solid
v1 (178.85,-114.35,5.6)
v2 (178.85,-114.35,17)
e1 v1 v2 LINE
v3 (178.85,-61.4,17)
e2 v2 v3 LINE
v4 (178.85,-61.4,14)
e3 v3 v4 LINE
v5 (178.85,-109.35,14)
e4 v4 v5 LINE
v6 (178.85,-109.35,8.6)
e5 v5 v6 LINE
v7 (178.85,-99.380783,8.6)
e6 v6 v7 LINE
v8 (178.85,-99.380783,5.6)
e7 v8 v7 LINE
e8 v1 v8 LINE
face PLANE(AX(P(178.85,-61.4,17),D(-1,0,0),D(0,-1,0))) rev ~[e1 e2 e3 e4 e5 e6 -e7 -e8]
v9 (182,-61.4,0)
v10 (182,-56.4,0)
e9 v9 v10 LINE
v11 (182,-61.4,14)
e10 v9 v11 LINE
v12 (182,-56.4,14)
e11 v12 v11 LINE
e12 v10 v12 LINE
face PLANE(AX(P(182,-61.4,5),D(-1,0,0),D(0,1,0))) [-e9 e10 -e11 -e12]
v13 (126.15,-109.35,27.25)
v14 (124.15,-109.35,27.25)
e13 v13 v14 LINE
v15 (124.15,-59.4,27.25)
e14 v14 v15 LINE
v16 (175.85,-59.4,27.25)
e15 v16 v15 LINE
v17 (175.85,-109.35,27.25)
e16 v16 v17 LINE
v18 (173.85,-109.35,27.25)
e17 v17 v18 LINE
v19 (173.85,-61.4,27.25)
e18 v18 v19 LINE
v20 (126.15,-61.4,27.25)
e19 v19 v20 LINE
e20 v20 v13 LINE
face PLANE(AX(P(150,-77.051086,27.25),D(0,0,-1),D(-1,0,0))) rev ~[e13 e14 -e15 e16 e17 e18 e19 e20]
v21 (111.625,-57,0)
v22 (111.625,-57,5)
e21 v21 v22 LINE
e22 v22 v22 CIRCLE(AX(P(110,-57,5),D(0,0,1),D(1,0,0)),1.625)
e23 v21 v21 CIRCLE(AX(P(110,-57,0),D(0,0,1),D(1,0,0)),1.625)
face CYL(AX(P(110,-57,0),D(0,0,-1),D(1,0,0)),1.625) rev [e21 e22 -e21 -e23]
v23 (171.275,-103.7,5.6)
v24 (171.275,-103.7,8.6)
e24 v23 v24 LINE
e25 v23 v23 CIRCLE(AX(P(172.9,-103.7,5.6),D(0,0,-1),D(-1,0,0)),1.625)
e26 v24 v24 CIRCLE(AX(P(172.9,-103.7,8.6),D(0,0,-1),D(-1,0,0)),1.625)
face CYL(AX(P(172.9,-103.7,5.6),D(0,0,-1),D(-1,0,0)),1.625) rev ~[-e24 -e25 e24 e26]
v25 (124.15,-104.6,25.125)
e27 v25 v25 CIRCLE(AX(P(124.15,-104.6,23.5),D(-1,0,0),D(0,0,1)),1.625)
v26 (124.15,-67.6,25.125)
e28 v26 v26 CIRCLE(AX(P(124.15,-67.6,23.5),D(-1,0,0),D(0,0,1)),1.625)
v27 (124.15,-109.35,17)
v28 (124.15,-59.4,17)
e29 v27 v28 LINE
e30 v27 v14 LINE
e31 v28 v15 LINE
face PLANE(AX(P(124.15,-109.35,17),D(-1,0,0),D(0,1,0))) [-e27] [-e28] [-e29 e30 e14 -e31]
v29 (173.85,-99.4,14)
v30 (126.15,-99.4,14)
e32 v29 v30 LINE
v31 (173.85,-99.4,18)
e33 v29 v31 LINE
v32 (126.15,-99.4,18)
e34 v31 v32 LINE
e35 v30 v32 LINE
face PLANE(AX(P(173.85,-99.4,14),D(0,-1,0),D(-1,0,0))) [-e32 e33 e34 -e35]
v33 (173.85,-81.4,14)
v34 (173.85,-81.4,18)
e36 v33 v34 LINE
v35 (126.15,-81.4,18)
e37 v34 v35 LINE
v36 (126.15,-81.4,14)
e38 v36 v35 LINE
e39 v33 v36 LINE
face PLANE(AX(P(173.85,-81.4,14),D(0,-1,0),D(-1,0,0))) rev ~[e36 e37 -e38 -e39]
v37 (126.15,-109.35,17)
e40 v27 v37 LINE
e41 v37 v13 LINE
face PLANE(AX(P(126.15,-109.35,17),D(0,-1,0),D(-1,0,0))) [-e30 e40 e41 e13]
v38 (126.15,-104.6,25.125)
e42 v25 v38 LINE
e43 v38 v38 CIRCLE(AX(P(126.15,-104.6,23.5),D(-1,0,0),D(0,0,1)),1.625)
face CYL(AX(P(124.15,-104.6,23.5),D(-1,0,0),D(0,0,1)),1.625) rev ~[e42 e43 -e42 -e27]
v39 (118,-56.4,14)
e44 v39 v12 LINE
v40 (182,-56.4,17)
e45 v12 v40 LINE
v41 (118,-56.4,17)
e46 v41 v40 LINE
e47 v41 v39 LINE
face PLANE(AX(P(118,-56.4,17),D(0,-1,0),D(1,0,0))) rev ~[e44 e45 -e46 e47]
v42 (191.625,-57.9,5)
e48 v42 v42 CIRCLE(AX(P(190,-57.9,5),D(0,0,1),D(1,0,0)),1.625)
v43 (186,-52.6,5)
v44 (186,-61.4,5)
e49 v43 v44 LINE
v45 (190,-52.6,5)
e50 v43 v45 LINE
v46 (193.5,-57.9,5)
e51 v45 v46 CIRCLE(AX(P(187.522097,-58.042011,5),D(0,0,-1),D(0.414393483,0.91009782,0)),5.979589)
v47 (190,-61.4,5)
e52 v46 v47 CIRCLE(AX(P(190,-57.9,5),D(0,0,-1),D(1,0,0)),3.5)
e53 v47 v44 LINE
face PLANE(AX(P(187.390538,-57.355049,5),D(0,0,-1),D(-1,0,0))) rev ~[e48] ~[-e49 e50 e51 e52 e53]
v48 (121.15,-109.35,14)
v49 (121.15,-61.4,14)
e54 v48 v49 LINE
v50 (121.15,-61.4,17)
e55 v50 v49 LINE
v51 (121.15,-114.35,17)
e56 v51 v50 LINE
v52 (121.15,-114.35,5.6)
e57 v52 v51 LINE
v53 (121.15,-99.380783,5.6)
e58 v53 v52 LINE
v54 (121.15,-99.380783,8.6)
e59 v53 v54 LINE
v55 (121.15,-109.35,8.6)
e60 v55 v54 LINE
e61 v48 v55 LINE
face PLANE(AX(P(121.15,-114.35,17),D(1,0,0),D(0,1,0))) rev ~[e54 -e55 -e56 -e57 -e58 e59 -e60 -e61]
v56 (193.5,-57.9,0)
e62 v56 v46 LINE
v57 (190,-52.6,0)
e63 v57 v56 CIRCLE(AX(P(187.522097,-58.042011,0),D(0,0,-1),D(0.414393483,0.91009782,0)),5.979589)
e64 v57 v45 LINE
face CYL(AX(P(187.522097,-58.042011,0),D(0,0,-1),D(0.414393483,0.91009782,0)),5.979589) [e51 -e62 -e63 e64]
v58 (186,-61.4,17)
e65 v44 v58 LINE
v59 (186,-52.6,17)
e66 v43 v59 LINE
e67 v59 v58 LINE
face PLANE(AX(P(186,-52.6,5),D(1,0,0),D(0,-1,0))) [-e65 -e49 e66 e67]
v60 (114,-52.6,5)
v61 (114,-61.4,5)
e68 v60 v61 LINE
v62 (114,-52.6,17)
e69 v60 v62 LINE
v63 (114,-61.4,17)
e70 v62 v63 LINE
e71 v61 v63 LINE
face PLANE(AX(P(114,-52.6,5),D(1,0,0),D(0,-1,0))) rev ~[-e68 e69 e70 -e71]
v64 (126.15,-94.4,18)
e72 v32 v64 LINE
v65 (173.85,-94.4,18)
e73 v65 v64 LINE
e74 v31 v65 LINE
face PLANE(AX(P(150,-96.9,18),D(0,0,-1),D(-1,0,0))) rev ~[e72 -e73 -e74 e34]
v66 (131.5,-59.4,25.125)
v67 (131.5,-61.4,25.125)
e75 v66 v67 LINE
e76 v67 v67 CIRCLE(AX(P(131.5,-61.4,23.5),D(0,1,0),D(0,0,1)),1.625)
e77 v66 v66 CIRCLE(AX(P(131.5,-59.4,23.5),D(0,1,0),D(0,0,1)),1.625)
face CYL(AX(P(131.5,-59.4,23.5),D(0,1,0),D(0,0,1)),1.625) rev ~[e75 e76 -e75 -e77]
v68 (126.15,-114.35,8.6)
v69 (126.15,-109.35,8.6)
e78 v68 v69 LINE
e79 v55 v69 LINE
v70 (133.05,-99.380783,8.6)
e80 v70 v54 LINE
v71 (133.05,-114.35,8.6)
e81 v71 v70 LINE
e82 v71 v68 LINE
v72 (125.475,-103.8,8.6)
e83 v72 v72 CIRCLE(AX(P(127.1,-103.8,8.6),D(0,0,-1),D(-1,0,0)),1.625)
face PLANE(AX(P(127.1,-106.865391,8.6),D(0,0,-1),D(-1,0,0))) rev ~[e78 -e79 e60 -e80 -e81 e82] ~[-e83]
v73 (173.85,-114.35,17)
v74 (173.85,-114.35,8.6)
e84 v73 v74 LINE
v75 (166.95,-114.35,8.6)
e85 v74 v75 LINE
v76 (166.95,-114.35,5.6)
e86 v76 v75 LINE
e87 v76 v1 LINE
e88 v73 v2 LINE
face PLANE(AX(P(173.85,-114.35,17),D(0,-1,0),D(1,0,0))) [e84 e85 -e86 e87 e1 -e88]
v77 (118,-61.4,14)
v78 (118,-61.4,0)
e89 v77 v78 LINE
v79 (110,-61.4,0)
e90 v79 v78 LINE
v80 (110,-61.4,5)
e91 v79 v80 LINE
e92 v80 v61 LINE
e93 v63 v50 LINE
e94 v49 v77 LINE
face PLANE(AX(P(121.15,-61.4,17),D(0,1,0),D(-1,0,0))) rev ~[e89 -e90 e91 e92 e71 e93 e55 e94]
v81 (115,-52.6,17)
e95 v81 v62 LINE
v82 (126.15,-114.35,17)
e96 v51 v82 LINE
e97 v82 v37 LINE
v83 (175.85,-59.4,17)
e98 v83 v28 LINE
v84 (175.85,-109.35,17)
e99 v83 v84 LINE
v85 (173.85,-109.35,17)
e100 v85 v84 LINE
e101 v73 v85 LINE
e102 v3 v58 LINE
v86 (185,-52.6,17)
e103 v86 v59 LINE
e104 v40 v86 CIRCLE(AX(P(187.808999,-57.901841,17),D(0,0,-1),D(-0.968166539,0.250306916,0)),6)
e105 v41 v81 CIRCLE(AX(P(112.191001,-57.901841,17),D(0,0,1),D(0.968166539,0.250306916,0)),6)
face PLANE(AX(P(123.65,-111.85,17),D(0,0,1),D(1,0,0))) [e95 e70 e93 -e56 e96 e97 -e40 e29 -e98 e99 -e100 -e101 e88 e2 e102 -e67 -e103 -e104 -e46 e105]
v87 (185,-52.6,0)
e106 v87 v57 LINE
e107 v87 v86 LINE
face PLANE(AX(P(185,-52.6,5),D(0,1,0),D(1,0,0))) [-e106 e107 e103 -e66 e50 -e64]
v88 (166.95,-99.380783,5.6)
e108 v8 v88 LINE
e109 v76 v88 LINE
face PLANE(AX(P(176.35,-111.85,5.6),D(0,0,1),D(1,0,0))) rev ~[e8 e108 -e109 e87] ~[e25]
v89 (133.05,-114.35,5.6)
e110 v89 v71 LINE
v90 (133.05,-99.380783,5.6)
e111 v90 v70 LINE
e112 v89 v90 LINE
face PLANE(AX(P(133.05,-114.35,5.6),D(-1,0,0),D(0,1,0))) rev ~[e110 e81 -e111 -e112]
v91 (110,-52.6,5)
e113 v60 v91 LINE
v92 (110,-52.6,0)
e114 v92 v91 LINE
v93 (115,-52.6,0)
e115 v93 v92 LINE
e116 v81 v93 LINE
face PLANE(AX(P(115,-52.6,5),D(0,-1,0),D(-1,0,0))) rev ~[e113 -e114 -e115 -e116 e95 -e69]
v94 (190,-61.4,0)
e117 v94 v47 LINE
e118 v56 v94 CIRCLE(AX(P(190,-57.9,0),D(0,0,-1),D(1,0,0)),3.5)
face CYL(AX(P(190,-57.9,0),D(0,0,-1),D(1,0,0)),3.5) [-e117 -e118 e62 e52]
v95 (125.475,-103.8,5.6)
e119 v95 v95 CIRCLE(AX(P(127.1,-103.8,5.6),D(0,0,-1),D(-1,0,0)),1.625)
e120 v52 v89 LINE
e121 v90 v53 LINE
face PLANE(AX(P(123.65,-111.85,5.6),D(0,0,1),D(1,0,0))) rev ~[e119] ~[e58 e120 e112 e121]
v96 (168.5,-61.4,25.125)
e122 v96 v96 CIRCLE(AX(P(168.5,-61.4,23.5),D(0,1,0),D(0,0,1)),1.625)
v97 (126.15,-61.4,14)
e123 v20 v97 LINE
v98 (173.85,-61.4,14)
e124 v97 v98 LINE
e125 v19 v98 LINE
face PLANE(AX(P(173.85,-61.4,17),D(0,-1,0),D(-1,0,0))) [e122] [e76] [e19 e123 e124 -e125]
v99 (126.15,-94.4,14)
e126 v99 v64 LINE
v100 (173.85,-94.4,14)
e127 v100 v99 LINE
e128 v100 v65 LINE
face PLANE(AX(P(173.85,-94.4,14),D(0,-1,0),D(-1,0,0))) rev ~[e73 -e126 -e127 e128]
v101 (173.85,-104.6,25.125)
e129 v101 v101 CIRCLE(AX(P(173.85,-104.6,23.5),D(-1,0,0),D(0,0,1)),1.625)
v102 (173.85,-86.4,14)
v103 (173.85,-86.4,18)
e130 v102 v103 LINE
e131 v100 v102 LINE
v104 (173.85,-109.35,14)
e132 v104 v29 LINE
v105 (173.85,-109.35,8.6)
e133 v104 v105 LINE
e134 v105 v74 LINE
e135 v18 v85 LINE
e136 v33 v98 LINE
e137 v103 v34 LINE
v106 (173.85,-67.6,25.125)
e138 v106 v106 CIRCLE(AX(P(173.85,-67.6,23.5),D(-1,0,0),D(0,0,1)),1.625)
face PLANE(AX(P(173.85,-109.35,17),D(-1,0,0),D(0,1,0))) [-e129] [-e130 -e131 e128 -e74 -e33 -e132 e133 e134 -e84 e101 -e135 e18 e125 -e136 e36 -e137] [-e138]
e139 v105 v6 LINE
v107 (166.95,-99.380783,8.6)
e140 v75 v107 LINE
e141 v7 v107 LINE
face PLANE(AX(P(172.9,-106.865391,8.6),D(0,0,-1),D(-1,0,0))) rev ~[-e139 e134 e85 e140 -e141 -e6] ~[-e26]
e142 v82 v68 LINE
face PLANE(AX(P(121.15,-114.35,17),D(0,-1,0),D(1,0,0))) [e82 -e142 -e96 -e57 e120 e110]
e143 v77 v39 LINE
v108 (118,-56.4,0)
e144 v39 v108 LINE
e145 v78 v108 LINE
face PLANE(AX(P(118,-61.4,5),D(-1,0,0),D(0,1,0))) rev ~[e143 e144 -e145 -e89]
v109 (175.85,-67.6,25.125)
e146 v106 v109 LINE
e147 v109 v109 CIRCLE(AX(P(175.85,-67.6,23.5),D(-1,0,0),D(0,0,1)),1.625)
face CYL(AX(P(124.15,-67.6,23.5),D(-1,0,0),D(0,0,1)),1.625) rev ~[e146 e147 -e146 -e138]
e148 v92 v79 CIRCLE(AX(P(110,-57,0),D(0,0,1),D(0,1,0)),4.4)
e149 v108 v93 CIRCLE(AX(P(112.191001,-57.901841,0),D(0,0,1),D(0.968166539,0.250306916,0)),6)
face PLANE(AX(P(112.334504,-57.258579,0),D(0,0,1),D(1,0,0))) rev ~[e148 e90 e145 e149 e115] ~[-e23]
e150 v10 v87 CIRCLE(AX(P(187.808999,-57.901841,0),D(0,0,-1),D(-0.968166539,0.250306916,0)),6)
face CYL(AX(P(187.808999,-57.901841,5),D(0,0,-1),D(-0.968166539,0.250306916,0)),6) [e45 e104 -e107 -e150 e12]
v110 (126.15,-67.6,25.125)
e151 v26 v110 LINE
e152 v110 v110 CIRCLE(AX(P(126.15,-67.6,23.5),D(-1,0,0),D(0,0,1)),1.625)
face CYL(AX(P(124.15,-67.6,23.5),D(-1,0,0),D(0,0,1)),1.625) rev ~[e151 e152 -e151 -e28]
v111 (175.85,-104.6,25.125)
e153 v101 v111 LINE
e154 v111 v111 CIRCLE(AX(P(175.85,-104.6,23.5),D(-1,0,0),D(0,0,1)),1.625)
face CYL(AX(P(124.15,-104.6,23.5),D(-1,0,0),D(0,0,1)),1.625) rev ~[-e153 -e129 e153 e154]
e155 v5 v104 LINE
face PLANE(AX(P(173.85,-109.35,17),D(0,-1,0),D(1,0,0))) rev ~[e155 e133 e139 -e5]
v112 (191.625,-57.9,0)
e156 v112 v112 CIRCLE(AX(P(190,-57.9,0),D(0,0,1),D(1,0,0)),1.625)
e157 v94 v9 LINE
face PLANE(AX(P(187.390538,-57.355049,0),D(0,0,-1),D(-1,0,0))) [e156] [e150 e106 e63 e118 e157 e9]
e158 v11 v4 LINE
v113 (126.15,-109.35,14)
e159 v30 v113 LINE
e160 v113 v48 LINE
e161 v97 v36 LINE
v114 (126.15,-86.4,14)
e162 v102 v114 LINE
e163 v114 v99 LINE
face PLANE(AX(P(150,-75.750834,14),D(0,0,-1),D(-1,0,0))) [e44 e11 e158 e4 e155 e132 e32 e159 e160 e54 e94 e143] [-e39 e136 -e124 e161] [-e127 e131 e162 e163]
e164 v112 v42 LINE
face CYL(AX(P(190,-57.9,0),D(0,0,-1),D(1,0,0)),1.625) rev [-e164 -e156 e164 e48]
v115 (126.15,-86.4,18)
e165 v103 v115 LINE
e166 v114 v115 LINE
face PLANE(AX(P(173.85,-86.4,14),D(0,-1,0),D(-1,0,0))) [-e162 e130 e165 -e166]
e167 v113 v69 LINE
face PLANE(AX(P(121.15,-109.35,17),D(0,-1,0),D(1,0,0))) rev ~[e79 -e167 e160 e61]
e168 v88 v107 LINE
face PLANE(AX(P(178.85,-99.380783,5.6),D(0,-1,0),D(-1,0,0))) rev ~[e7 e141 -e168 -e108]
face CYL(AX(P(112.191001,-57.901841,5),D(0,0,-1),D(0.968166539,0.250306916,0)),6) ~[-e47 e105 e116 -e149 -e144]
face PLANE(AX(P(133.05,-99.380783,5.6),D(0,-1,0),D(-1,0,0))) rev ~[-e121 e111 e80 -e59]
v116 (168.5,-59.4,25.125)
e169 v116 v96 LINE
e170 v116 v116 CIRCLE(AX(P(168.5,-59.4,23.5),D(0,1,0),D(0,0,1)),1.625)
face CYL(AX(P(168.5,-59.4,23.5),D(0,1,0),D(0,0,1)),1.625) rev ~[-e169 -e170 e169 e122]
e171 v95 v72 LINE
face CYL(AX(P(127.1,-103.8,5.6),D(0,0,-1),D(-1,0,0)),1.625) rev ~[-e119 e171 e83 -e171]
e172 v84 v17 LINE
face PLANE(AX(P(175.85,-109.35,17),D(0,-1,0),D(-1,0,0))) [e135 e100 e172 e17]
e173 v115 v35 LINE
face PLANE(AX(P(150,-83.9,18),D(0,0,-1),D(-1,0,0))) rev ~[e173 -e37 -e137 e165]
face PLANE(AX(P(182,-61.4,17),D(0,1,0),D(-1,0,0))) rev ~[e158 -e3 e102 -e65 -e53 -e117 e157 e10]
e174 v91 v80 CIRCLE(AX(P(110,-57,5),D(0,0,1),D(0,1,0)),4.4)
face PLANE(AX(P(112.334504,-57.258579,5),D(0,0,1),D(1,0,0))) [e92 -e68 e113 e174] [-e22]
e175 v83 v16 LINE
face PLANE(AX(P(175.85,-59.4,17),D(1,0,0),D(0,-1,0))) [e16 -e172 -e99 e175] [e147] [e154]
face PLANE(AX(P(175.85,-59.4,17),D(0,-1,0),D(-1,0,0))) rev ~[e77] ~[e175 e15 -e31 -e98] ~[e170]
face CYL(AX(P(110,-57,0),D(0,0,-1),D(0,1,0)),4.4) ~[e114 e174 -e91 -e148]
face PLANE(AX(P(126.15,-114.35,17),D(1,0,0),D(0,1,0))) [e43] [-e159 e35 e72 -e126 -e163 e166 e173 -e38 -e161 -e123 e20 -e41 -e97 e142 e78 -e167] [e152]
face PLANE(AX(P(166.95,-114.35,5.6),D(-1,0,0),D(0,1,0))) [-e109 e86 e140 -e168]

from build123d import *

# Parameters (mm, degrees)
CROQUIS1_R                = 1.625
SALIENTE_EXTRUIR1_DEPTH   = 5
SALIENTE_EXTRUIR1_2_DEPTH = 5
SALIENTE_EXTRUIR2_DEPTH   = 12
SALIENTE_EXTRUIR4_DEPTH   = 3
SALIENTE_EXTRUIR6_DEPTH   = 10.25
CROQUIS12_R               = 1.625
CORTAR_EXTRUIR1_DEPTH     = 51.7
CROQUIS13_R               = 1.625
CORTAR_EXTRUIR2_DEPTH     = 2
CROQUIS14_W               = 5
CROQUIS14_H               = 5
SALIENTE_EXTRUIR7_DEPTH   = 11.4
CROQUIS15_W               = 11.9
CROQUIS15_H               = 14.969217292
CROQUIS15_R               = 1.625
SALIENTE_EXTRUIR8_DEPTH   = 3
CROQUIS16_W               = 47.7
CROQUIS16_H               = 5
SALIENTE_EXTRUIR9_DEPTH   = 4


with BuildPart() as part:
    # Croquis1 → Saliente-Extruir1 (new body)
    with BuildSketch(Plane.XY):
        with BuildLine():
            Line((190, -61.4), (182, -61.4))
            Line((182, -61.4), (182, -56.4))
            ThreePointArc((182, -56.4), (183.099702641, -54.183975769), (185, -52.6))
            Line((185, -52.6), (190, -52.6))
            ThreePointArc((190, -52.6), (192.511852896, -54.746889597), (193.5, -57.9))
            ThreePointArc((193.5, -57.9), (192.474873734, -60.374873734), (190, -61.4))
        make_face()
        with Locations((190, -57.9)):
            Circle(CROQUIS1_R, mode=Mode.SUBTRACT)
    extrude(amount=SALIENTE_EXTRUIR1_DEPTH)



with BuildPart() as body_2:
    # Croquis1 → Saliente-Extruir1 2 (new body)
    with BuildSketch(Plane.XY):
        with BuildLine():
            Line((115, -52.6), (110, -52.6))
            ThreePointArc((110, -52.6), (105.6, -57), (110, -61.4))
            Line((110, -61.4), (118, -61.4))
            Line((118, -61.4), (118, -56.4))
            ThreePointArc((118, -56.4), (116.900297359, -54.183975769), (115, -52.6))
        make_face()
        with Locations((110, -57)):
            Circle(CROQUIS1_R, mode=Mode.SUBTRACT)
    extrude(amount=SALIENTE_EXTRUIR1_2_DEPTH)


with BuildPart() as part_1:
    add(part.part)

    add(body_2.part)  # Saliente-Extruir2 merges body 2
    # Croquis4 → Saliente-Extruir2 (add)
    with BuildSketch(Plane.XY.offset(5)):
        with BuildLine():
            Line((115, -52.6), (114, -52.6))
            Line((114, -52.6), (114, -61.4))
            Line((114, -61.4), (118, -61.4))
            Line((118, -61.4), (118, -56.4))
            ThreePointArc((118, -56.4), (116.900297359, -54.183975769), (115, -52.6))
        make_face()
        with BuildLine():
            Line((185, -52.6), (186, -52.6))
            Line((186, -52.6), (186, -61.4))
            Line((186, -61.4), (182, -61.4))
            Line((182, -61.4), (182, -56.4))
            ThreePointArc((182, -56.4), (183.099702641, -54.183975769), (185, -52.6))
        make_face()
    extrude(amount=SALIENTE_EXTRUIR2_DEPTH)

    # Croquis7 → Saliente-Extruir4 (add)
    with BuildSketch(Plane.XY.offset(17)):
        Polygon((118, -56.4), (182, -56.4), (182, -61.4), (178.85, -61.4), (178.85, -109.35), (173.85, -109.35), (173.85, -61.4), (170.85, -61.4), (129.15, -61.4), (126.15, -61.4), (126.15, -109.35), (121.15, -109.35), (121.15, -61.4), (118, -61.4), align=None)
    extrude(amount=-SALIENTE_EXTRUIR4_DEPTH)

    # Croquis10 → Saliente-Extruir6 (add)
    with BuildSketch(Plane.XY.offset(17)):
        Polygon((124.15, -59.4), (126.15, -59.4), (173.85, -59.4), (175.85, -59.4), (175.85, -109.35), (173.85, -109.35), (173.85, -61.4), (126.15, -61.4), (126.15, -109.35), (124.15, -109.35), align=None)
    extrude(amount=SALIENTE_EXTRUIR6_DEPTH)

    # Croquis12 → Cortar-Extruir1 (cut)
    with BuildSketch(Plane.ZY.offset(-124.15)):
        with Locations((23.5, -67.6)):
            Circle(CROQUIS12_R)
        with Locations((23.5, -104.6)):
            Circle(CROQUIS12_R)
    extrude(amount=-CORTAR_EXTRUIR1_DEPTH, mode=Mode.SUBTRACT)

    # Croquis13 → Cortar-Extruir2 (cut)
    with BuildSketch(Plane(origin=(0, -59.4, 0), x_dir=(1, 0, 0), z_dir=(0, 1, 0))):
        with Locations(Location((131.5, -23.5, 0), (0, 0, 270))):
            Circle(CROQUIS13_R)
        with Locations(Location((168.5, -23.5, 0), (0, 0, 270))):
            Circle(CROQUIS13_R)
    extrude(amount=-CORTAR_EXTRUIR2_DEPTH, mode=Mode.SUBTRACT)

    # Croquis14 → Saliente-Extruir7 (add)
    with BuildSketch(Plane.XY.offset(17)):
        with Locations((123.65, -111.85)):
            Rectangle(CROQUIS14_W, CROQUIS14_H)
        with Locations((176.35, -111.85)):
            Rectangle(CROQUIS14_W, CROQUIS14_H)
    extrude(amount=-SALIENTE_EXTRUIR7_DEPTH)

    # Croquis15 → Saliente-Extruir8 (add)
    # profile 1 of 2: a face of its own
    with BuildSketch(Plane(origin=(0, 0, 5.6), x_dir=(-1, 0, 0), z_dir=(0, 0, -1))):
        with Locations((-172.9, -106.865391354)):
            Rectangle(CROQUIS15_W, CROQUIS15_H)
        with Locations((-172.9, -103.7)):
            Circle(CROQUIS15_R, mode=Mode.SUBTRACT)
    # profile 2 of 2: a face of its own
    with BuildSketch(Plane(origin=(0, 0, 5.6), x_dir=(-1, 0, 0), z_dir=(0, 0, -1))):
        with Locations((-127.1, -106.865391354)):
            Rectangle(CROQUIS15_W, CROQUIS15_H)
        with Locations((-127.1, -103.8)):
            Circle(CROQUIS15_R, mode=Mode.SUBTRACT)
    extrude(amount=-SALIENTE_EXTRUIR8_DEPTH)

    # Croquis16 → Saliente-Extruir9 (add)
    with BuildSketch(Plane(origin=(0, 0, 14), x_dir=(-1, 0, 0), z_dir=(0, 0, -1))):
        with Locations((-150, -83.9)):
            Rectangle(CROQUIS16_W, CROQUIS16_H)
        with Locations((-150, -96.9)):
            Rectangle(CROQUIS16_W, CROQUIS16_H)
    extrude(amount=-SALIENTE_EXTRUIR9_DEPTH)


solid = part_1.part
